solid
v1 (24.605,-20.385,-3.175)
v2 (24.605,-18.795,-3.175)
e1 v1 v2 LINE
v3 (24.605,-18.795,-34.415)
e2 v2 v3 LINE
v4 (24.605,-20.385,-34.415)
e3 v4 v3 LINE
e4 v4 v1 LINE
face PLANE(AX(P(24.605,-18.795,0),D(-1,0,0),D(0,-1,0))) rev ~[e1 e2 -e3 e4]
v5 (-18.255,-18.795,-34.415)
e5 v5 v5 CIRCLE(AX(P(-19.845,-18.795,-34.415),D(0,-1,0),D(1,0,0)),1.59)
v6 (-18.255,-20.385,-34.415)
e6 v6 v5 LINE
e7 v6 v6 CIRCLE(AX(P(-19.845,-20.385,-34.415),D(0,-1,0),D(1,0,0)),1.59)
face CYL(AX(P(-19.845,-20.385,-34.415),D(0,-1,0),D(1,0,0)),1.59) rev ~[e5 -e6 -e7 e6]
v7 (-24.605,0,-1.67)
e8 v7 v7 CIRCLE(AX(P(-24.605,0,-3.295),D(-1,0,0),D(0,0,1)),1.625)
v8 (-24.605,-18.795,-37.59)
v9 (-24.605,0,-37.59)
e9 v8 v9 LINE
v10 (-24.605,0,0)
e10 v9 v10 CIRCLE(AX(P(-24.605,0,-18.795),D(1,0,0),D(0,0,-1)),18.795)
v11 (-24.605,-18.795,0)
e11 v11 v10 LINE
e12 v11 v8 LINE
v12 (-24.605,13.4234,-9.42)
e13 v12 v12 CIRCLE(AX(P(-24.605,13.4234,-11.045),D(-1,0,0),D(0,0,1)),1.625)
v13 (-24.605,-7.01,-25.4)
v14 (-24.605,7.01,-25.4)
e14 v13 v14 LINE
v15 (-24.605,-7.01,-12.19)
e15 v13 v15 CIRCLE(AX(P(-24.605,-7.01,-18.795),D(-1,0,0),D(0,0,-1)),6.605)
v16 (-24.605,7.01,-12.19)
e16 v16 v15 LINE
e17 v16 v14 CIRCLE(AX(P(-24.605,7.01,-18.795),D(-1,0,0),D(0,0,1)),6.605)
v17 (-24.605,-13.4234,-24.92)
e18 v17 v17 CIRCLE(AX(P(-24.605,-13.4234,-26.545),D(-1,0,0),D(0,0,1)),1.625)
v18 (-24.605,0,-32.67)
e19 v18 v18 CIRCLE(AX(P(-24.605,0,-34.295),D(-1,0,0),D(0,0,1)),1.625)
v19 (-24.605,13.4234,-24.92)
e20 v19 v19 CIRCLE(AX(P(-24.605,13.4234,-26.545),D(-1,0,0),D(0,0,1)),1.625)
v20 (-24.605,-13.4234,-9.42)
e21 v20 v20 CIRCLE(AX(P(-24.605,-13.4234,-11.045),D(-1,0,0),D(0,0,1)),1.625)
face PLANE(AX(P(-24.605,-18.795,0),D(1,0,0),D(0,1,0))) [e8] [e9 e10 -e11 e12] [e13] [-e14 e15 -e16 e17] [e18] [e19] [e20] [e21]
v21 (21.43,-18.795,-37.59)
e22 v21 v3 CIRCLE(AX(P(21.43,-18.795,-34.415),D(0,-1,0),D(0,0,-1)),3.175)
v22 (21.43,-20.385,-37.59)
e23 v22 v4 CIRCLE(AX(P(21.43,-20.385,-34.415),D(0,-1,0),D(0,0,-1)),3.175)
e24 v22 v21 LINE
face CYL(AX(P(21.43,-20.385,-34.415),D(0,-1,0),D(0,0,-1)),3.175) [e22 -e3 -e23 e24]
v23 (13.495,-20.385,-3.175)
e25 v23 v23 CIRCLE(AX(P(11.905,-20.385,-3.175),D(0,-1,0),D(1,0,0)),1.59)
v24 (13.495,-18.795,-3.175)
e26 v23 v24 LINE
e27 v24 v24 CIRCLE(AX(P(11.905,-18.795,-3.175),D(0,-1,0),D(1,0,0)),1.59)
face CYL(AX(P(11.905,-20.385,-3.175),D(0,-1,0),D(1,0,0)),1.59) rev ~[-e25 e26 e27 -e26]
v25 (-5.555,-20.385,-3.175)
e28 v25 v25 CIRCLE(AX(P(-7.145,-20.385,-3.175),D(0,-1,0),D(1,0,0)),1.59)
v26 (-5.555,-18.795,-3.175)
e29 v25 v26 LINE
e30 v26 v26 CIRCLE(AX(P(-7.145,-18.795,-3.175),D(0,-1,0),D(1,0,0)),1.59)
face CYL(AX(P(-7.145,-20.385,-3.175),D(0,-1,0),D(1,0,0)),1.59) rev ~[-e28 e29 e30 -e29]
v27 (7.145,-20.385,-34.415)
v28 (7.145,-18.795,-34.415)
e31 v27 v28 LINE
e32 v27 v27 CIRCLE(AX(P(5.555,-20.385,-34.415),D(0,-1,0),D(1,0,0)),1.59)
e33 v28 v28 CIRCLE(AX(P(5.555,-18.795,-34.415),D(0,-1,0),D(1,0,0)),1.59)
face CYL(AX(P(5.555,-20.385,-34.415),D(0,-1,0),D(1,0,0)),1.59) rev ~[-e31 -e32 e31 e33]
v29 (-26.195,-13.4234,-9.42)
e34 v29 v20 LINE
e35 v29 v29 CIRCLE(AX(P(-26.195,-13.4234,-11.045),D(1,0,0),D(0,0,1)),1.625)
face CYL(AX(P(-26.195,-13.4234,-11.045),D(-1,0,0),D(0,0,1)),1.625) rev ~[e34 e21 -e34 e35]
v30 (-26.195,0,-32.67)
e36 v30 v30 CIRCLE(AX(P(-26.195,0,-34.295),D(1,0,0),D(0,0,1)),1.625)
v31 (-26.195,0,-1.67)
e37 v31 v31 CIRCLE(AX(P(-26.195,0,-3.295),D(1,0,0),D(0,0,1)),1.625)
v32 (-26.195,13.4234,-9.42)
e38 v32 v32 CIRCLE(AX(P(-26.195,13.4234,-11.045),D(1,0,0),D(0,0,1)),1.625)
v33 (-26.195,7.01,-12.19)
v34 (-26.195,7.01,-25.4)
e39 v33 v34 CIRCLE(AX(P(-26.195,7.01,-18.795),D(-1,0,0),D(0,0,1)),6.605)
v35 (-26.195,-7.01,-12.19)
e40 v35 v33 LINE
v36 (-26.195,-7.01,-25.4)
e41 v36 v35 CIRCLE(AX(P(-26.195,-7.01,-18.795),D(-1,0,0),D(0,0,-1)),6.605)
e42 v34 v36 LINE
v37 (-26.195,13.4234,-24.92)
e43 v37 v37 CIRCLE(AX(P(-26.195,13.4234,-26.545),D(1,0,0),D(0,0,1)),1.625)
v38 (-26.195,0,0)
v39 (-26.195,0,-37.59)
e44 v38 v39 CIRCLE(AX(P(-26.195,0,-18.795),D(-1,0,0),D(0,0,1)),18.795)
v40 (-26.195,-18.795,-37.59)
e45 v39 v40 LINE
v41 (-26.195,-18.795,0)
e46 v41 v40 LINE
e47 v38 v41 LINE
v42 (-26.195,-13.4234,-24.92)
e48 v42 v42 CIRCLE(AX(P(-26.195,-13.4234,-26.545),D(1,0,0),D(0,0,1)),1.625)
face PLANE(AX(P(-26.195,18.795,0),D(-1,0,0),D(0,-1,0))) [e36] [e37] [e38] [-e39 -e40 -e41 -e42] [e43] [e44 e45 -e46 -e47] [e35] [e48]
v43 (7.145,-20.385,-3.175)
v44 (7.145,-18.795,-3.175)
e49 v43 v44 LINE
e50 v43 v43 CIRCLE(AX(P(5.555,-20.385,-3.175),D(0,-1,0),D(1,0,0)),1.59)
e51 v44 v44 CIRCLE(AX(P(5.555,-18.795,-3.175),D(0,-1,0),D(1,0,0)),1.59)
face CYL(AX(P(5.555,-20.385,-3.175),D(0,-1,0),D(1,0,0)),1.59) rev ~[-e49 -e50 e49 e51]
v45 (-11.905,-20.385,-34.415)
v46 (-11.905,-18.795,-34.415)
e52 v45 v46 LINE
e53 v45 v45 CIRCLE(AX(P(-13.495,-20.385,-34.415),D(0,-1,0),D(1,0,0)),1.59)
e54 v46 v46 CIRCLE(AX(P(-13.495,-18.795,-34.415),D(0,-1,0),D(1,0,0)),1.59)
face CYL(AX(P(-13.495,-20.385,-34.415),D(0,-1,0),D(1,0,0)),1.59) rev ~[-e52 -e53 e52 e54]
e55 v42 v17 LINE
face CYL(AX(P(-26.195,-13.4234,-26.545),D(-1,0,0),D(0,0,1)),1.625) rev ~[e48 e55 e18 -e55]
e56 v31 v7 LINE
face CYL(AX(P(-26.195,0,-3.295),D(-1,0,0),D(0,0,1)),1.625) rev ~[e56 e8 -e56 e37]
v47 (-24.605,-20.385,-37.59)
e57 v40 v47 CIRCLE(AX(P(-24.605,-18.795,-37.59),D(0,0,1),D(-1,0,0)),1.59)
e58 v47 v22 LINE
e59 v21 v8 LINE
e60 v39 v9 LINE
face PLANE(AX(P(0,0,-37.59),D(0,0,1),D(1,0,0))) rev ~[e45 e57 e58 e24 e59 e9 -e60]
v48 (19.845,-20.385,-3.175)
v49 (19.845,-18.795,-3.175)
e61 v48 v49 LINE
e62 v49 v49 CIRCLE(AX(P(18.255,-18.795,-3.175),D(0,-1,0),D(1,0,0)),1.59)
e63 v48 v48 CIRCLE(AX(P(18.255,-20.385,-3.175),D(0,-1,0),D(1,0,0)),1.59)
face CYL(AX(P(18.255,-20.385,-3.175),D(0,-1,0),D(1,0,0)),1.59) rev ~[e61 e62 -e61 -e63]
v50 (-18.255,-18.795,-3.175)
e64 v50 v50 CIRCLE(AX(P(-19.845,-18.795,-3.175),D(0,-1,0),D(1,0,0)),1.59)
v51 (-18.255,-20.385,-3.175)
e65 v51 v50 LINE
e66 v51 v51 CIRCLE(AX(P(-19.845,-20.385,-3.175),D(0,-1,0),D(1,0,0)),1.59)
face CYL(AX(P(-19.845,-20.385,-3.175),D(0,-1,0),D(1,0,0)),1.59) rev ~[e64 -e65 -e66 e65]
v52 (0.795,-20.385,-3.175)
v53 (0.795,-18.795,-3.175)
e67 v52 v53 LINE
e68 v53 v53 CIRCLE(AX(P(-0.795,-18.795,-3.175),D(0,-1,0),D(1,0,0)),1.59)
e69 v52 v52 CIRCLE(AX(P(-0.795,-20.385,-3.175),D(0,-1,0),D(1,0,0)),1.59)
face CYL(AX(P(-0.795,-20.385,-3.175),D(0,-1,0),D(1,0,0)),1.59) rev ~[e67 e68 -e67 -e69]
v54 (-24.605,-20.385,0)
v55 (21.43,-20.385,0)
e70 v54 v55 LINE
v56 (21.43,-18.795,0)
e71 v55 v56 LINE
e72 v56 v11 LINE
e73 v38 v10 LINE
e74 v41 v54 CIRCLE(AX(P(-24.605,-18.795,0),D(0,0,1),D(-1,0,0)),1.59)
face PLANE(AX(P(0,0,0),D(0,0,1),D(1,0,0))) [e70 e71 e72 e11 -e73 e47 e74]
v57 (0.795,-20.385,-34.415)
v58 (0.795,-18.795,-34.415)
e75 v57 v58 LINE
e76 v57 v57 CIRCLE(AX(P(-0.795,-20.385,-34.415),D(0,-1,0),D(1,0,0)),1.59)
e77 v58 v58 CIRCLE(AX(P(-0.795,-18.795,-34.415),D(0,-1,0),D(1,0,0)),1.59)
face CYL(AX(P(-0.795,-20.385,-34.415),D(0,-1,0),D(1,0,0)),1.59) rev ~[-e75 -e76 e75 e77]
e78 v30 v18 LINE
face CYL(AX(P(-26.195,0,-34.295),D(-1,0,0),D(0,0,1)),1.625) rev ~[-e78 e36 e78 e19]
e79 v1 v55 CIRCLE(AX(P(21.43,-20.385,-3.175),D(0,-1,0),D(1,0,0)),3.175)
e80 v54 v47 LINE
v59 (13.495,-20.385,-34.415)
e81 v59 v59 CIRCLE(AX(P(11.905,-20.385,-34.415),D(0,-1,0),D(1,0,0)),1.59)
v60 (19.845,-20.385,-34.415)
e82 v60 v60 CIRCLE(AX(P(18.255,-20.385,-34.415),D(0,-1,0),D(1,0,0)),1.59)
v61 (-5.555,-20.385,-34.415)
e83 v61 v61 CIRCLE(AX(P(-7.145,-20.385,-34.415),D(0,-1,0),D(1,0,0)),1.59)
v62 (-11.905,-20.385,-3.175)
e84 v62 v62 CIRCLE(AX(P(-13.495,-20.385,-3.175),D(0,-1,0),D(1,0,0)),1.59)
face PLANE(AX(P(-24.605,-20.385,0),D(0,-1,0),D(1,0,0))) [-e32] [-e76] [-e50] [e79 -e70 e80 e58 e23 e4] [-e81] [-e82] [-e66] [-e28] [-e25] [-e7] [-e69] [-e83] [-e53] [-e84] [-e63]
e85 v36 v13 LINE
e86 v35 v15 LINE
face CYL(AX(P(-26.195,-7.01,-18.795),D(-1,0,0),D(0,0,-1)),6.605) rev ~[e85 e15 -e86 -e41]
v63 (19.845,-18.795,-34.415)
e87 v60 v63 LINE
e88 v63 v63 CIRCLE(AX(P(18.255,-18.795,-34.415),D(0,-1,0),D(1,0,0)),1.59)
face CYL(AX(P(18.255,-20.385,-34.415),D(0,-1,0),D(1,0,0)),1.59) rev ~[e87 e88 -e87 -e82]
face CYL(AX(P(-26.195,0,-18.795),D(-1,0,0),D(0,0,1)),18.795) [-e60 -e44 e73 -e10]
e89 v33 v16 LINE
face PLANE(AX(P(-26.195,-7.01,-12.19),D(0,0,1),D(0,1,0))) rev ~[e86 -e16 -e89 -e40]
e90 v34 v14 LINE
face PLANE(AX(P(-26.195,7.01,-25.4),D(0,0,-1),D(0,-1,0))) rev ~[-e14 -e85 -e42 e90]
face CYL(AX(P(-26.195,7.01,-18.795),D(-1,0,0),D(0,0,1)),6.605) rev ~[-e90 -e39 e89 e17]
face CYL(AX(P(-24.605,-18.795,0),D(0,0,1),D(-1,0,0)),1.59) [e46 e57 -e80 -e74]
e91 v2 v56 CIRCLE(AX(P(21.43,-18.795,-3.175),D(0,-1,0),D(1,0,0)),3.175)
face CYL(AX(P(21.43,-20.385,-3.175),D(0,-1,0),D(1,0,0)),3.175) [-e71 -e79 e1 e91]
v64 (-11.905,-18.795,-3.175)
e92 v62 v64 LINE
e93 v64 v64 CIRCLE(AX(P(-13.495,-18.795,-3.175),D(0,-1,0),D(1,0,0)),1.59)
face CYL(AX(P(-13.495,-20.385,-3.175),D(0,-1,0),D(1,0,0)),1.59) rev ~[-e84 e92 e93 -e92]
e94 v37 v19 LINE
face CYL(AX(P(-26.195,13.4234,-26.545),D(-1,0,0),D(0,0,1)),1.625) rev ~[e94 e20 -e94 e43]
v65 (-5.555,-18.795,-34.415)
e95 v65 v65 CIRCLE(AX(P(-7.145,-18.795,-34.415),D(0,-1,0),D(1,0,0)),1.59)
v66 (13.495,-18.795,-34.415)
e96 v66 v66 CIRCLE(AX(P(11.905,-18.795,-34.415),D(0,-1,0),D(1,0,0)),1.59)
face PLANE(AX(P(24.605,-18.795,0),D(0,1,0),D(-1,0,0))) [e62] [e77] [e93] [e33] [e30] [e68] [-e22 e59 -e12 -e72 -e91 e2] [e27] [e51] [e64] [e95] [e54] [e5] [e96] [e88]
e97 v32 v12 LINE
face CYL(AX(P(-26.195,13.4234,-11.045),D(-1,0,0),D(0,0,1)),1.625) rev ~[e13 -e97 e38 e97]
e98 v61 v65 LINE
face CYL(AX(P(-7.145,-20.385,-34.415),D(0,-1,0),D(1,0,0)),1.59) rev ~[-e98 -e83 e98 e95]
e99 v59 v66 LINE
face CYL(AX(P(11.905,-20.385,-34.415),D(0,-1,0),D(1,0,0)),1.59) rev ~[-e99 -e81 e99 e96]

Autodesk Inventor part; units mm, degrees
ref_plane "YZ Plane" through (0, 0, 0) normal (1, 0, 0) x (0, 1, 0)
ref_plane "XZ Plane" through (0, 0, 0) normal (0, 1, 0) x (-1, 0, 0)
ref_plane "XY Plane" through (0, 0, 0) normal (0, 0, 1) x (1, 0, 0)
sketch "Sketch1" plane through (0, 0, 0) normal (0, 0, 1) x (1, 0, 0)
  line L0 (24.605, -18.795) -> (-24.605, -18.795)
  line L1 (-24.605, -18.795) -> (-24.605, 18.795)
  line L2 (-24.605, 18.795) -> (24.605, 18.795)
  line L3 (24.605, 18.795) -> (24.605, -18.795)
  line L4 (26.195, 20.385) -> (-26.195, 20.385)
  line L5 (-26.195, 20.385) -> (-26.195, 18.795)
  line L6 (-26.195, -20.385) -> (-24.605, -20.385)
  line L7 (26.195, -20.385) -> (26.195, 20.385)
  line L8 (24.605, -18.795) -> (24.605, -20.385)
  arc A0 (-26.195, -18.795) -> (-24.605, -20.385) centre (-24.605, -18.795) ccw
  line L9 (-24.605, -20.385) -> (24.605, -20.385)
  line L10 (-26.195, -18.795) -> (-26.195, -20.385)
  line L11 (-24.605, 18.795) -> (-26.195, 18.795)
  line L12 (-26.195, 18.795) -> (-26.195, -18.795)
  line L13 (24.605, -20.385) -> (26.195, -20.385)
  point P0 (0, 0)
  point P1 (0, -18.795)
  point P2 (-24.605, 0)
  dimension "d0" = 49.21
  dimension "d1" = 37.59
  dimension "d2" = 1.59
extrude "Extrusion1" add sketch "Sketch1" against normal blind 37.59 contours L8 L9 A0 L12 L11 L1 L0
sketch "Sketch3" plane through (-24.605, -20.385, 0) normal (0, -1, 0) x (1, 0, 0)
  line L0 (0, -37.59) -> (49.21, -37.59) projected
  line L1 (49.21, 0) -> (49.21, -37.59) projected
  line L2 (0, 0) -> (49.21, 0) projected
  line L3 (0, 0) -> (0, -37.59) projected
  circle A0 centre (4.76, -3.175) radius 1.59
  circle A1 centre (11.11, -3.175) radius 1.59
  circle A2 centre (17.46, -3.175) radius 1.59
  circle A3 centre (23.81, -3.175) radius 1.59
  circle A4 centre (30.16, -3.175) radius 1.59
  circle A5 centre (36.51, -3.175) radius 1.59
  circle A6 centre (42.86, -3.175) radius 1.59
  arc A7 (49.21, -3.175) -> (46.035, 0) centre (46.035, -3.175) ccw
  line L4 (49.21, -18.795) -> (59.21, -18.795)
  circle A8 centre (4.76, -34.415) radius 1.59
  circle A9 centre (11.11, -34.415) radius 1.59
  circle A10 centre (17.46, -34.415) radius 1.59
  circle A11 centre (23.81, -34.415) radius 1.59
  circle A12 centre (30.16, -34.415) radius 1.59
  circle A13 centre (36.51, -34.415) radius 1.59
  circle A14 centre (42.86, -34.415) radius 1.59
  arc A15 (46.035, -37.59) -> (49.21, -34.415) centre (46.035, -34.415) ccw
  line L5 (46.035, -37.59) -> (49.21, -37.59)
  line L6 (49.21, -34.415) -> (49.21, -37.59)
  line L7 (49.21, -3.175) -> (49.21, 0)
  line L8 (46.035, 0) -> (49.21, 0)
  line L9 (-1.59, 0) -> (-1.59, -37.59) projected
  line L10 (-1.59, -37.59) -> (0, -37.59) projected
  line L11 (0, 0) -> (0, -37.59) projected
  line L12 (-1.59, 0) -> (0, 0) projected
  line L13 (-1.59, 0) -> (-1.59, -37.59) projected
  point P0 (24.605, 0)
  dimension "d12" = 6.35
  dimension "d13" = 6.35
  dimension "d14" = 6.35
  dimension "d15" = 6.35
  dimension "d16" = 6.35
  dimension "d17" = 6.35
  dimension "d18" = 6.35
  dimension "d19" = 3.18
  dimension "d20" = 15.62
  dimension "d21" = 10
extrude "Extrusion2" cut sketch "Sketch3" against normal through all contours L3 L2 A7 L1 A15 L0 | L10 L9 L12 L3 keep common part
sketch "Sketch4" plane through (-26.195, -18.795, -37.59) normal (-1, 0, 0) x (0, 0, 1)
  line L0 (0, 37.59) -> (0, 0) projected
  line L1 (37.59, 0) -> (0, 0) projected
  line L2 (37.59, 37.59) -> (37.59, 0) projected
  line L3 (37.59, 37.59) -> (0, 37.59) projected
  line L4 (1.585, -1.59) -> (4.765, -1.59) projected
  line L5 (32.825, -1.59) -> (36.005, -1.59) projected
  line L6 (12.19, 11.785) -> (25.4, 11.785)
  line L7 (25.4, 11.785) -> (25.4, 25.805)
  line L8 (25.4, 25.805) -> (12.19, 25.805)
  line L9 (12.19, 25.805) -> (12.19, 11.785)
  arc A0 (25.4, 25.805) -> (12.19, 25.805) centre (18.795, 25.805) ccw
  arc A1 (12.19, 11.785) -> (25.4, 11.785) centre (18.795, 11.785) ccw
  arc A2 (18.795, 37.59) -> (0, 18.795) centre (18.795, 18.795) ccw
  line L10 (0, 18.795) -> (0, 37.59)
  line L11 (37.59, 37.59) -> (37.59, 18.795)
  line L12 (0, 37.59) -> (37.59, 37.59)
  circle A3 centre (18.795, 18.795) radius 15.5
  circle A4 centre (11.045, 32.2184) radius 1.625
  circle A5 centre (3.295, 18.795) radius 1.625
  circle A6 centre (11.045, 5.3716) radius 1.625
  circle A7 centre (26.545, 5.3716) radius 1.625
  circle A8 centre (34.295, 18.795) radius 1.625
  circle A9 centre (26.545, 32.2184) radius 1.625
  arc A10 (37.59, 18.795) -> (18.795, 37.59) centre (18.795, 18.795) ccw
  arc A11 (0, 18.795) -> (37.59, 18.795) centre (18.795, 18.795) ccw
  point P0 (3.295, 18.795)
  point P1 (26.545, 32.2184)
  point P2 (11.045, 5.3716)
  point P3 (34.295, 18.795)
  point P4 (26.545, 5.3716)
  dimension "d24" = 13.21
  dimension "d25" = 14.02
  dimension "d26" = 12.19
  dimension "d27" = 11.785
  dimension "d28" = 15.5
  dimension "d29" = 15.5
  dimension "d30" = 15.5
  dimension "d31" = 15.5
  dimension "d32" = 15.5
  dimension "d33" = 15.5
  dimension "d34" = 3.25
  dimension "d37" = 360
extrude "Extrusion3" cut sketch "Sketch4" against normal through all contours L3 A2 L0 | L3 L2 A10 | L9 L8 L7 L6 | L6 A1 | A0 L8 | A3 A8 | A3 A8 | A9 A3 | A3 A9 | A7 A3 | A3 A7 | A4 A3 | A3 A4 | A6 A3 | A3 A6 | A5 A3 | A3 A5
equation "\"d13\" = d12"
equation "\"d14\" = d13"
equation "\"d15\" = d14"
equation "\"d16\" = d15"
equation "\"d17\" = d16"
equation "\"d18\" = d17"
equation "\"d29\" = d28"
equation "\"d30\" = d29"
equation "\"d31\" = d30"
equation "\"d32\" = d31"
equation "\"d33\" = d32"
properties part number "beslag"
